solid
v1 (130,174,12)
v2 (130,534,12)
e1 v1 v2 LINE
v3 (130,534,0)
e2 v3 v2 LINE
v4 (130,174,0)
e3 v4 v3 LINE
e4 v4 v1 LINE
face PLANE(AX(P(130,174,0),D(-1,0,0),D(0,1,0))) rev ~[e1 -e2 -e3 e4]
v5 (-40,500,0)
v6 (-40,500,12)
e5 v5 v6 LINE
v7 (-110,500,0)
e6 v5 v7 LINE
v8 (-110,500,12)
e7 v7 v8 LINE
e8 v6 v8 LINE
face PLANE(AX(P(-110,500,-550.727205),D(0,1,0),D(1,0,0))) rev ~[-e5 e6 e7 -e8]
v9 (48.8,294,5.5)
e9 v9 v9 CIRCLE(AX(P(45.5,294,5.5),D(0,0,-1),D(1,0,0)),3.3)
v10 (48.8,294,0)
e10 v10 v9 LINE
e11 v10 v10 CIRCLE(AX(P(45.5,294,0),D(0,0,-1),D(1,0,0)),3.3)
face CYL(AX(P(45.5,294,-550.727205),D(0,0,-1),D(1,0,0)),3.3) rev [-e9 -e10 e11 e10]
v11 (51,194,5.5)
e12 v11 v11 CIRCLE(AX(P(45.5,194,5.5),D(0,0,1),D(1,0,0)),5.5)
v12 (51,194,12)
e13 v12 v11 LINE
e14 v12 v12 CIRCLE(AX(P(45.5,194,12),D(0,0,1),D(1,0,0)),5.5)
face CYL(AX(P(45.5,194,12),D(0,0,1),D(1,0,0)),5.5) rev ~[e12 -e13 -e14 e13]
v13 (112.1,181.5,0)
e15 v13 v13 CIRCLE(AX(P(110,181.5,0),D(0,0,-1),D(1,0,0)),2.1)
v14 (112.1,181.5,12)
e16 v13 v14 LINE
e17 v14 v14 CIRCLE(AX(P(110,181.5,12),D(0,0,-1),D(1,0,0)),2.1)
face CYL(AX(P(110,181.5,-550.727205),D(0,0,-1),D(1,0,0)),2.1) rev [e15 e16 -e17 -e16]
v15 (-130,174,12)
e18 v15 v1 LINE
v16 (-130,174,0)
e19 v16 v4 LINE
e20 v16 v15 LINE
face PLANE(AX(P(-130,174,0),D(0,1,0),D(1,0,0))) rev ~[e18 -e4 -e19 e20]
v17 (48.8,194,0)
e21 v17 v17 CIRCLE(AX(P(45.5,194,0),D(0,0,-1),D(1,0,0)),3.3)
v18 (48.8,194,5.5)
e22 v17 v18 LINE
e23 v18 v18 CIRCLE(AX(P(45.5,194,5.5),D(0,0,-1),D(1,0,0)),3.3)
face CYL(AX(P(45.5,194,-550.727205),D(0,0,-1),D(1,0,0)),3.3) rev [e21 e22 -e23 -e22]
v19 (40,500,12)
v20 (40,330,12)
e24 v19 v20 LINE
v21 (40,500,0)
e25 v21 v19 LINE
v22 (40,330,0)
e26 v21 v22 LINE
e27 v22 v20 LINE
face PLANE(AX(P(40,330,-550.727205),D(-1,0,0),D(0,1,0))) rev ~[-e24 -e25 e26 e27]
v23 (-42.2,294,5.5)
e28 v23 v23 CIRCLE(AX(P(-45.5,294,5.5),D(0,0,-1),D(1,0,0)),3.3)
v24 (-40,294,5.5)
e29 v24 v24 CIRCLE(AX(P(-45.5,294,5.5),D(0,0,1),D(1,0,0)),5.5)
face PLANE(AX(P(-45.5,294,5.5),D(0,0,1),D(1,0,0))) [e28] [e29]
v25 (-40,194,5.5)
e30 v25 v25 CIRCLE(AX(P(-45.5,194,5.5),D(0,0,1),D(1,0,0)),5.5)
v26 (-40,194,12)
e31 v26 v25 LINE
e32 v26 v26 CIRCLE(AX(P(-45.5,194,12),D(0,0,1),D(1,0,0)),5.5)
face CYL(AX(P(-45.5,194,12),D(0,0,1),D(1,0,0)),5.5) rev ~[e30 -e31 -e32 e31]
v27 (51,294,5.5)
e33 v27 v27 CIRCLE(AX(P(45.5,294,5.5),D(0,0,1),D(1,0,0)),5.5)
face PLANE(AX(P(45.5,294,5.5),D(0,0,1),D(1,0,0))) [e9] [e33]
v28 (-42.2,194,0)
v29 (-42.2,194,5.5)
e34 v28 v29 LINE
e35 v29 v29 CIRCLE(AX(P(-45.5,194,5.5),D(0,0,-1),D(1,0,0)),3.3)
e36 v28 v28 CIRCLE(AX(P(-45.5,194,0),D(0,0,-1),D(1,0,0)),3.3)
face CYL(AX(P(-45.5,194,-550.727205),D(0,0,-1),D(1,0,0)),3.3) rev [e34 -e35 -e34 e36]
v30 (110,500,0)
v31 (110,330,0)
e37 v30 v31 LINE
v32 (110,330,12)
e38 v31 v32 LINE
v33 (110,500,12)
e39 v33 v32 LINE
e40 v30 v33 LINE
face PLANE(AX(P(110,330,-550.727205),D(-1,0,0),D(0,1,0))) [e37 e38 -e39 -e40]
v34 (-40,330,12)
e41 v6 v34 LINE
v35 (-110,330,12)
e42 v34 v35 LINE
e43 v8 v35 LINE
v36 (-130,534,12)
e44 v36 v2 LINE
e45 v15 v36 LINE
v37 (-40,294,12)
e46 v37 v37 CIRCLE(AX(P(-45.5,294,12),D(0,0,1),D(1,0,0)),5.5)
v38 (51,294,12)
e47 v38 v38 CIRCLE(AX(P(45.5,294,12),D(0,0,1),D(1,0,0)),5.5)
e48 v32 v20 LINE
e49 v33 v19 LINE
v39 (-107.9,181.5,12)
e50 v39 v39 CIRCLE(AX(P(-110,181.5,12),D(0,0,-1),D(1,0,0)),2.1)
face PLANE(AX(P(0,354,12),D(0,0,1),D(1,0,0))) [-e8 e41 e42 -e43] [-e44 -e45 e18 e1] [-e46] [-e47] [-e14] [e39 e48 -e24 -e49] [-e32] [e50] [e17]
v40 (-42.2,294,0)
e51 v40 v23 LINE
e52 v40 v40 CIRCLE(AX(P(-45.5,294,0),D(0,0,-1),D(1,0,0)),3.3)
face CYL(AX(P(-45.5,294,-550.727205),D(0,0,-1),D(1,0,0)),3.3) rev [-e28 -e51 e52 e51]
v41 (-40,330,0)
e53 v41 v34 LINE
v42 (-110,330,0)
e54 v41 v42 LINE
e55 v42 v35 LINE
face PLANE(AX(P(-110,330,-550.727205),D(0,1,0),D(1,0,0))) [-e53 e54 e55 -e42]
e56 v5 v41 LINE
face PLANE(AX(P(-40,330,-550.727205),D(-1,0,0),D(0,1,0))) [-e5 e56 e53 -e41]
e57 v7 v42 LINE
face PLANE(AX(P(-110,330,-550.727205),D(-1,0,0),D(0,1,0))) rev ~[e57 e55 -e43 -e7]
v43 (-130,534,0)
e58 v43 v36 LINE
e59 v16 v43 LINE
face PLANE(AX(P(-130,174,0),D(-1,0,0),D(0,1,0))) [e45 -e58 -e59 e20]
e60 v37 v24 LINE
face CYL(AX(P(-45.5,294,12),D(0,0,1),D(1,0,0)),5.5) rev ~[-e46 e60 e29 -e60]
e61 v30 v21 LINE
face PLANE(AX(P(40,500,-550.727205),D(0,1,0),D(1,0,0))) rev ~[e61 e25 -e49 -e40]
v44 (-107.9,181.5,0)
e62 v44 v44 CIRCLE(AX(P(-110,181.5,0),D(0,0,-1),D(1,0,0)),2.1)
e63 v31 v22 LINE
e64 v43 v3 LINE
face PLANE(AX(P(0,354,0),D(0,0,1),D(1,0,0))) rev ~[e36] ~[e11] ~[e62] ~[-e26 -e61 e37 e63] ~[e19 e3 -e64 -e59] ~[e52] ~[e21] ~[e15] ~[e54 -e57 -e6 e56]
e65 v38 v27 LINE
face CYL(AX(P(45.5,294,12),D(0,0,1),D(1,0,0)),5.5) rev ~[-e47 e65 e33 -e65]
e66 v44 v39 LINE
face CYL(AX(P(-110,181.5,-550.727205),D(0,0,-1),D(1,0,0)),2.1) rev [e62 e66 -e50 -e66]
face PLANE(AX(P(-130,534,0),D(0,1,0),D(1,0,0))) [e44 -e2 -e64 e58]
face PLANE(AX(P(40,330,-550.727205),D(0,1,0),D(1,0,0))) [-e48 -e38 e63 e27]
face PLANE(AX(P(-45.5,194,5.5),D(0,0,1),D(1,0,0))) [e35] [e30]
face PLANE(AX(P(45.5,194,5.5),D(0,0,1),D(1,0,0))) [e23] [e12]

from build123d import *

# Parameters (mm, degrees)
SKETCH1_W               = 260
SKETCH1_H               = 360
BOSS_EXTRUDE1_DEPTH     = 12
CUT_EXTRUDE1_DEPTH      = 550.727205075
CUT_EXTRUDE1_DEPTH_BACK = 550.727205075
SKETCH2_R               = 3.3
SKETCH3_R               = 5.5
CUT_EXTRUDE3_DEPTH      = 6.5
CUT_EXTRUDE4_DEPTH      = 550.727205075
CUT_EXTRUDE4_DEPTH_BACK = 550.727205075
SKETCH4_R               = 2.1
CUT_EXTRUDE5_DEPTH      = 550.727205075
CUT_EXTRUDE5_DEPTH_BACK = 550.727205075
SKETCH5_W               = 70
SKETCH5_H               = 170


with BuildPart() as part:
    # Sketch1 → Boss-Extrude1 (new body)
    with BuildSketch(Plane.XY):
        with Locations((0, 354)):
            Rectangle(SKETCH1_W, SKETCH1_H)
    extrude(amount=BOSS_EXTRUDE1_DEPTH)

    # Sketch2 → Cut-Extrude1 (cut, two sides: drawn at the far end of the back side and taken through both)
    with BuildSketch(Plane.XY.offset(-CUT_EXTRUDE1_DEPTH_BACK)):
        with Locations((-45.5, 194)):
            Circle(SKETCH2_R)
        with Locations((-45.5, 294)):
            Circle(SKETCH2_R)
        with Locations((45.5, 194)):
            Circle(SKETCH2_R)
        with Locations((45.5, 294)):
            Circle(SKETCH2_R)
    extrude(amount=CUT_EXTRUDE1_DEPTH + CUT_EXTRUDE1_DEPTH_BACK, mode=Mode.SUBTRACT)

    # Sketch3 → Cut-Extrude3 (cut)
    with BuildSketch(Plane.XY.offset(12)):
        with Locations((-45.5, 194)):
            Circle(SKETCH3_R)
        with Locations((-45.5, 294)):
            Circle(SKETCH3_R)
        with Locations((45.5, 194)):
            Circle(SKETCH3_R)
        with Locations((45.5, 294)):
            Circle(SKETCH3_R)
    extrude(amount=-CUT_EXTRUDE3_DEPTH, mode=Mode.SUBTRACT)

    # Sketch4 → Cut-Extrude4 (cut, two sides: drawn at the far end of the back side and taken through both)
    with BuildSketch(Plane.XY.offset(-CUT_EXTRUDE4_DEPTH_BACK)):
        with Locations((-110, 181.5)):
            Circle(SKETCH4_R)
        with Locations((110, 181.5)):
            Circle(SKETCH4_R)
    extrude(amount=CUT_EXTRUDE4_DEPTH + CUT_EXTRUDE4_DEPTH_BACK, mode=Mode.SUBTRACT)

    # Sketch5 → Cut-Extrude5 (cut, two sides: drawn at the far end of the back side and taken through both)
    with BuildSketch(Plane.XY.offset(-CUT_EXTRUDE5_DEPTH_BACK)):
        with Locations((-75, 415)):
            Rectangle(SKETCH5_W, SKETCH5_H)
        with Locations((75, 415)):
            Rectangle(SKETCH5_W, SKETCH5_H)
    extrude(amount=CUT_EXTRUDE5_DEPTH + CUT_EXTRUDE5_DEPTH_BACK, mode=Mode.SUBTRACT)


solid = part.part
